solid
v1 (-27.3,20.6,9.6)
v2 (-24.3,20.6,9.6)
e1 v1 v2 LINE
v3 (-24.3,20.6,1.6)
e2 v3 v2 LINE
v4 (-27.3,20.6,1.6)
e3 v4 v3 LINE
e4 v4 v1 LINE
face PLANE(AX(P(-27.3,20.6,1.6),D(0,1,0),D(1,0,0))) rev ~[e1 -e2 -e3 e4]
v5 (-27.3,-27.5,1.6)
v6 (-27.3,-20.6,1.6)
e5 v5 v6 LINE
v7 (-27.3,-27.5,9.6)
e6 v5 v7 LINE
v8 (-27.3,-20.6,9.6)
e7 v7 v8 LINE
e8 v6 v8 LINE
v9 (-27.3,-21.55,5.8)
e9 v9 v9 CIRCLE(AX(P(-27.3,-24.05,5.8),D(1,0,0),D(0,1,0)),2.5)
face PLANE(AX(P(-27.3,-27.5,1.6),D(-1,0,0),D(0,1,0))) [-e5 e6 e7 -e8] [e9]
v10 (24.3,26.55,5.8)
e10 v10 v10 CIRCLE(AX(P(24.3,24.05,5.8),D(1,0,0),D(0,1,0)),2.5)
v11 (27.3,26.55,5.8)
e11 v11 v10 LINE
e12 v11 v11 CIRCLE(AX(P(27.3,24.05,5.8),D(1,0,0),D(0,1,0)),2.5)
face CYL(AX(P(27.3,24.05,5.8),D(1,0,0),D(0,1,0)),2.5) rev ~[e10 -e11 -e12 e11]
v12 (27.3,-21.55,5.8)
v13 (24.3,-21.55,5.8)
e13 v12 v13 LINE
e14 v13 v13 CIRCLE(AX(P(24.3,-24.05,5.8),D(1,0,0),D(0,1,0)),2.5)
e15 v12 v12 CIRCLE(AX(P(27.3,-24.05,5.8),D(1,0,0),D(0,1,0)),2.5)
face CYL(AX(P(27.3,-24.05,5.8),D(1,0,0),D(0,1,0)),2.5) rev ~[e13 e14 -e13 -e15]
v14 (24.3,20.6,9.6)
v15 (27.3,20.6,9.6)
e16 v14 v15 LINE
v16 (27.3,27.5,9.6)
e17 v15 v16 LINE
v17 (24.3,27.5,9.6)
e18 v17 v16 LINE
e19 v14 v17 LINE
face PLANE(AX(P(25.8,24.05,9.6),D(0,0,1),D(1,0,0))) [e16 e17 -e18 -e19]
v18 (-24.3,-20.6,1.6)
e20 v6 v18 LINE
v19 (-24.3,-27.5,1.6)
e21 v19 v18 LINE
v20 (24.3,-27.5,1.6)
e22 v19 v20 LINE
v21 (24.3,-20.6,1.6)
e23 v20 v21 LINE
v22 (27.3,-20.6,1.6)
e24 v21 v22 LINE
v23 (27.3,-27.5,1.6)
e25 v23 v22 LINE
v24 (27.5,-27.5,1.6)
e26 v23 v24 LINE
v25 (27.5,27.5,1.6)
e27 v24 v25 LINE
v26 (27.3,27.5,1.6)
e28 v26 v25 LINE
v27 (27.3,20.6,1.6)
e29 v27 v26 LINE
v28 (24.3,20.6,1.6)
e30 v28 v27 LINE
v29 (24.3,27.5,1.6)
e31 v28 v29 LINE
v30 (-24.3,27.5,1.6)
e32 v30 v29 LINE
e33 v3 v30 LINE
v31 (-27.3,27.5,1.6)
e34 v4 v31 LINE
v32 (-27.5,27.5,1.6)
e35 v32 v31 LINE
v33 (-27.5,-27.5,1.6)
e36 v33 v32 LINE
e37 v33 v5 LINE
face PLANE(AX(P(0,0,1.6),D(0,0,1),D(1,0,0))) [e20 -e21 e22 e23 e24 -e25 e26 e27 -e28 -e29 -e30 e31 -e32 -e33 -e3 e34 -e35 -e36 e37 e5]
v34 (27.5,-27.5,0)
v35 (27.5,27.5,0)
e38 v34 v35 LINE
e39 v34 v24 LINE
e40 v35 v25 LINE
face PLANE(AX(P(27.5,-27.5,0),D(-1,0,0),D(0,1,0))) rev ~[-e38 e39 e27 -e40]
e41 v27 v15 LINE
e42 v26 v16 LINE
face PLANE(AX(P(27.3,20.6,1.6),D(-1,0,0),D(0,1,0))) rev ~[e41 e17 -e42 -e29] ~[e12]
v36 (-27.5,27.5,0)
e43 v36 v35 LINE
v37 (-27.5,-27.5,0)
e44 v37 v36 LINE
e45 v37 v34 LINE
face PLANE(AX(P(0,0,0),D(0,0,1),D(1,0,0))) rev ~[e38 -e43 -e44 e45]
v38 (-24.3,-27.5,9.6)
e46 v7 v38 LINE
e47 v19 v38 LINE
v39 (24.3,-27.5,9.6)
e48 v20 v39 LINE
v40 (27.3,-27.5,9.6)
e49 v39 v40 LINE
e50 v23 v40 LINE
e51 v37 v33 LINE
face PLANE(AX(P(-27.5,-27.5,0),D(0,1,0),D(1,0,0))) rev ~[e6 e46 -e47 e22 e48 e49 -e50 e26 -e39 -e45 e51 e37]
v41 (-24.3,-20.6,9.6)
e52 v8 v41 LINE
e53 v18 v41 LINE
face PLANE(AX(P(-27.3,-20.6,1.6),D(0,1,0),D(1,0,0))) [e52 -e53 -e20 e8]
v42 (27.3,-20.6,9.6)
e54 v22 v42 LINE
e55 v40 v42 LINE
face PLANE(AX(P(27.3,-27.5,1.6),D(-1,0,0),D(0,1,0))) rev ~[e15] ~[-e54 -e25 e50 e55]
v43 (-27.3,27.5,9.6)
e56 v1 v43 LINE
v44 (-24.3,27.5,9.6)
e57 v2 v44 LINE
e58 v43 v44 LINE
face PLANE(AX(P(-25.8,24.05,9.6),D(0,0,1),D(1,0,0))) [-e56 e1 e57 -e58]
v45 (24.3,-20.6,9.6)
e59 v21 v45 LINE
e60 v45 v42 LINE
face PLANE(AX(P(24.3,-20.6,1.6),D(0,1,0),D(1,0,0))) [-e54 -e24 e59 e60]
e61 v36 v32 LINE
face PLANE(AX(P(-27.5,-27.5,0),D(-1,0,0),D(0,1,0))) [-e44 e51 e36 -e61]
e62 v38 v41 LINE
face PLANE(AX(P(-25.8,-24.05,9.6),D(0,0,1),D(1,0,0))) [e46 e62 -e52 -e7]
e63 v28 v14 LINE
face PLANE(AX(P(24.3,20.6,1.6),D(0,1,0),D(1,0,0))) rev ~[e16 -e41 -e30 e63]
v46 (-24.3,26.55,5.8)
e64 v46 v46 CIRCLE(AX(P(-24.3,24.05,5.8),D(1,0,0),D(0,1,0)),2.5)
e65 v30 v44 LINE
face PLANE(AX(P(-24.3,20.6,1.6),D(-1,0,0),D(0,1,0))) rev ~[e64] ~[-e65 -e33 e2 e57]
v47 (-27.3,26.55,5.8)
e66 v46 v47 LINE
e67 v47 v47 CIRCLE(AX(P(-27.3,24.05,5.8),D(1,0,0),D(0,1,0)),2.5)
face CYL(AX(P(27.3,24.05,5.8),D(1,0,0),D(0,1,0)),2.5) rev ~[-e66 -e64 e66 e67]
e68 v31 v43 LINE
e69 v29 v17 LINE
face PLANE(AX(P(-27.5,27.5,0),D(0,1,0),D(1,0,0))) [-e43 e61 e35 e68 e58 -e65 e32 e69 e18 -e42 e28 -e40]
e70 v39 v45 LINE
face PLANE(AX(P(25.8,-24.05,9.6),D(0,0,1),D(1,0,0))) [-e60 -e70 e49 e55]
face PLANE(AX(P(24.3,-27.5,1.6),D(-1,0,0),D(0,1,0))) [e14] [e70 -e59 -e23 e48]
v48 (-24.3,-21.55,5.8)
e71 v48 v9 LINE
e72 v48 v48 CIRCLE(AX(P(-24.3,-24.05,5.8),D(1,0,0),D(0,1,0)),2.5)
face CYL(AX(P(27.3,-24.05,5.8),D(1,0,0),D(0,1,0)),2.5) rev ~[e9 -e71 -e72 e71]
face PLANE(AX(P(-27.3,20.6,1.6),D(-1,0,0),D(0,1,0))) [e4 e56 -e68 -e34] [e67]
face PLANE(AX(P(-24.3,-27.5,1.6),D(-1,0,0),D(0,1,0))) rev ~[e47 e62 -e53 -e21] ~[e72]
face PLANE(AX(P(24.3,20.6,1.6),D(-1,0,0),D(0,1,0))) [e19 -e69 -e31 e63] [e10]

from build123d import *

# Parameters (mm, degrees)
F0_W     = 55
F0_H     = 55
F1_DEPTH = 1.6
F2_W     = 3
F2_H     = 6.9
F3_DEPTH = 8
F4_R     = 2.5
F5_DEPTH = 54.801


with BuildPart() as f1:
    # F0 (on Top) → F1 (new body)
    with BuildSketch(Plane.XY):
        Rectangle(F0_W, F0_H)
    extrude(amount=F1_DEPTH)

    # F2 (on face) → F3 (join)
    with BuildSketch(Plane.XY.offset(1.6)):
        with Locations((25.8, 24.05)):
            Rectangle(F2_W, F2_H)
        with Locations((25.8, -24.05)):
            Rectangle(F2_W, F2_H)
        with Locations((-25.8, -24.05)):
            Rectangle(F2_W, F2_H)
        with Locations((-25.8, 24.05)):
            Rectangle(F2_W, F2_H)
    extrude(amount=F3_DEPTH)

    # F4 (on face) → F5 (cut, through all)
    with BuildSketch(Plane.YZ.offset(27.3)):
        with Locations((24.05, 5.8)):
            Circle(F4_R)
        with Locations((-24.05, 5.8)):
            Circle(F4_R)
    extrude(amount=-F5_DEPTH, mode=Mode.SUBTRACT)


solid = f1.part
